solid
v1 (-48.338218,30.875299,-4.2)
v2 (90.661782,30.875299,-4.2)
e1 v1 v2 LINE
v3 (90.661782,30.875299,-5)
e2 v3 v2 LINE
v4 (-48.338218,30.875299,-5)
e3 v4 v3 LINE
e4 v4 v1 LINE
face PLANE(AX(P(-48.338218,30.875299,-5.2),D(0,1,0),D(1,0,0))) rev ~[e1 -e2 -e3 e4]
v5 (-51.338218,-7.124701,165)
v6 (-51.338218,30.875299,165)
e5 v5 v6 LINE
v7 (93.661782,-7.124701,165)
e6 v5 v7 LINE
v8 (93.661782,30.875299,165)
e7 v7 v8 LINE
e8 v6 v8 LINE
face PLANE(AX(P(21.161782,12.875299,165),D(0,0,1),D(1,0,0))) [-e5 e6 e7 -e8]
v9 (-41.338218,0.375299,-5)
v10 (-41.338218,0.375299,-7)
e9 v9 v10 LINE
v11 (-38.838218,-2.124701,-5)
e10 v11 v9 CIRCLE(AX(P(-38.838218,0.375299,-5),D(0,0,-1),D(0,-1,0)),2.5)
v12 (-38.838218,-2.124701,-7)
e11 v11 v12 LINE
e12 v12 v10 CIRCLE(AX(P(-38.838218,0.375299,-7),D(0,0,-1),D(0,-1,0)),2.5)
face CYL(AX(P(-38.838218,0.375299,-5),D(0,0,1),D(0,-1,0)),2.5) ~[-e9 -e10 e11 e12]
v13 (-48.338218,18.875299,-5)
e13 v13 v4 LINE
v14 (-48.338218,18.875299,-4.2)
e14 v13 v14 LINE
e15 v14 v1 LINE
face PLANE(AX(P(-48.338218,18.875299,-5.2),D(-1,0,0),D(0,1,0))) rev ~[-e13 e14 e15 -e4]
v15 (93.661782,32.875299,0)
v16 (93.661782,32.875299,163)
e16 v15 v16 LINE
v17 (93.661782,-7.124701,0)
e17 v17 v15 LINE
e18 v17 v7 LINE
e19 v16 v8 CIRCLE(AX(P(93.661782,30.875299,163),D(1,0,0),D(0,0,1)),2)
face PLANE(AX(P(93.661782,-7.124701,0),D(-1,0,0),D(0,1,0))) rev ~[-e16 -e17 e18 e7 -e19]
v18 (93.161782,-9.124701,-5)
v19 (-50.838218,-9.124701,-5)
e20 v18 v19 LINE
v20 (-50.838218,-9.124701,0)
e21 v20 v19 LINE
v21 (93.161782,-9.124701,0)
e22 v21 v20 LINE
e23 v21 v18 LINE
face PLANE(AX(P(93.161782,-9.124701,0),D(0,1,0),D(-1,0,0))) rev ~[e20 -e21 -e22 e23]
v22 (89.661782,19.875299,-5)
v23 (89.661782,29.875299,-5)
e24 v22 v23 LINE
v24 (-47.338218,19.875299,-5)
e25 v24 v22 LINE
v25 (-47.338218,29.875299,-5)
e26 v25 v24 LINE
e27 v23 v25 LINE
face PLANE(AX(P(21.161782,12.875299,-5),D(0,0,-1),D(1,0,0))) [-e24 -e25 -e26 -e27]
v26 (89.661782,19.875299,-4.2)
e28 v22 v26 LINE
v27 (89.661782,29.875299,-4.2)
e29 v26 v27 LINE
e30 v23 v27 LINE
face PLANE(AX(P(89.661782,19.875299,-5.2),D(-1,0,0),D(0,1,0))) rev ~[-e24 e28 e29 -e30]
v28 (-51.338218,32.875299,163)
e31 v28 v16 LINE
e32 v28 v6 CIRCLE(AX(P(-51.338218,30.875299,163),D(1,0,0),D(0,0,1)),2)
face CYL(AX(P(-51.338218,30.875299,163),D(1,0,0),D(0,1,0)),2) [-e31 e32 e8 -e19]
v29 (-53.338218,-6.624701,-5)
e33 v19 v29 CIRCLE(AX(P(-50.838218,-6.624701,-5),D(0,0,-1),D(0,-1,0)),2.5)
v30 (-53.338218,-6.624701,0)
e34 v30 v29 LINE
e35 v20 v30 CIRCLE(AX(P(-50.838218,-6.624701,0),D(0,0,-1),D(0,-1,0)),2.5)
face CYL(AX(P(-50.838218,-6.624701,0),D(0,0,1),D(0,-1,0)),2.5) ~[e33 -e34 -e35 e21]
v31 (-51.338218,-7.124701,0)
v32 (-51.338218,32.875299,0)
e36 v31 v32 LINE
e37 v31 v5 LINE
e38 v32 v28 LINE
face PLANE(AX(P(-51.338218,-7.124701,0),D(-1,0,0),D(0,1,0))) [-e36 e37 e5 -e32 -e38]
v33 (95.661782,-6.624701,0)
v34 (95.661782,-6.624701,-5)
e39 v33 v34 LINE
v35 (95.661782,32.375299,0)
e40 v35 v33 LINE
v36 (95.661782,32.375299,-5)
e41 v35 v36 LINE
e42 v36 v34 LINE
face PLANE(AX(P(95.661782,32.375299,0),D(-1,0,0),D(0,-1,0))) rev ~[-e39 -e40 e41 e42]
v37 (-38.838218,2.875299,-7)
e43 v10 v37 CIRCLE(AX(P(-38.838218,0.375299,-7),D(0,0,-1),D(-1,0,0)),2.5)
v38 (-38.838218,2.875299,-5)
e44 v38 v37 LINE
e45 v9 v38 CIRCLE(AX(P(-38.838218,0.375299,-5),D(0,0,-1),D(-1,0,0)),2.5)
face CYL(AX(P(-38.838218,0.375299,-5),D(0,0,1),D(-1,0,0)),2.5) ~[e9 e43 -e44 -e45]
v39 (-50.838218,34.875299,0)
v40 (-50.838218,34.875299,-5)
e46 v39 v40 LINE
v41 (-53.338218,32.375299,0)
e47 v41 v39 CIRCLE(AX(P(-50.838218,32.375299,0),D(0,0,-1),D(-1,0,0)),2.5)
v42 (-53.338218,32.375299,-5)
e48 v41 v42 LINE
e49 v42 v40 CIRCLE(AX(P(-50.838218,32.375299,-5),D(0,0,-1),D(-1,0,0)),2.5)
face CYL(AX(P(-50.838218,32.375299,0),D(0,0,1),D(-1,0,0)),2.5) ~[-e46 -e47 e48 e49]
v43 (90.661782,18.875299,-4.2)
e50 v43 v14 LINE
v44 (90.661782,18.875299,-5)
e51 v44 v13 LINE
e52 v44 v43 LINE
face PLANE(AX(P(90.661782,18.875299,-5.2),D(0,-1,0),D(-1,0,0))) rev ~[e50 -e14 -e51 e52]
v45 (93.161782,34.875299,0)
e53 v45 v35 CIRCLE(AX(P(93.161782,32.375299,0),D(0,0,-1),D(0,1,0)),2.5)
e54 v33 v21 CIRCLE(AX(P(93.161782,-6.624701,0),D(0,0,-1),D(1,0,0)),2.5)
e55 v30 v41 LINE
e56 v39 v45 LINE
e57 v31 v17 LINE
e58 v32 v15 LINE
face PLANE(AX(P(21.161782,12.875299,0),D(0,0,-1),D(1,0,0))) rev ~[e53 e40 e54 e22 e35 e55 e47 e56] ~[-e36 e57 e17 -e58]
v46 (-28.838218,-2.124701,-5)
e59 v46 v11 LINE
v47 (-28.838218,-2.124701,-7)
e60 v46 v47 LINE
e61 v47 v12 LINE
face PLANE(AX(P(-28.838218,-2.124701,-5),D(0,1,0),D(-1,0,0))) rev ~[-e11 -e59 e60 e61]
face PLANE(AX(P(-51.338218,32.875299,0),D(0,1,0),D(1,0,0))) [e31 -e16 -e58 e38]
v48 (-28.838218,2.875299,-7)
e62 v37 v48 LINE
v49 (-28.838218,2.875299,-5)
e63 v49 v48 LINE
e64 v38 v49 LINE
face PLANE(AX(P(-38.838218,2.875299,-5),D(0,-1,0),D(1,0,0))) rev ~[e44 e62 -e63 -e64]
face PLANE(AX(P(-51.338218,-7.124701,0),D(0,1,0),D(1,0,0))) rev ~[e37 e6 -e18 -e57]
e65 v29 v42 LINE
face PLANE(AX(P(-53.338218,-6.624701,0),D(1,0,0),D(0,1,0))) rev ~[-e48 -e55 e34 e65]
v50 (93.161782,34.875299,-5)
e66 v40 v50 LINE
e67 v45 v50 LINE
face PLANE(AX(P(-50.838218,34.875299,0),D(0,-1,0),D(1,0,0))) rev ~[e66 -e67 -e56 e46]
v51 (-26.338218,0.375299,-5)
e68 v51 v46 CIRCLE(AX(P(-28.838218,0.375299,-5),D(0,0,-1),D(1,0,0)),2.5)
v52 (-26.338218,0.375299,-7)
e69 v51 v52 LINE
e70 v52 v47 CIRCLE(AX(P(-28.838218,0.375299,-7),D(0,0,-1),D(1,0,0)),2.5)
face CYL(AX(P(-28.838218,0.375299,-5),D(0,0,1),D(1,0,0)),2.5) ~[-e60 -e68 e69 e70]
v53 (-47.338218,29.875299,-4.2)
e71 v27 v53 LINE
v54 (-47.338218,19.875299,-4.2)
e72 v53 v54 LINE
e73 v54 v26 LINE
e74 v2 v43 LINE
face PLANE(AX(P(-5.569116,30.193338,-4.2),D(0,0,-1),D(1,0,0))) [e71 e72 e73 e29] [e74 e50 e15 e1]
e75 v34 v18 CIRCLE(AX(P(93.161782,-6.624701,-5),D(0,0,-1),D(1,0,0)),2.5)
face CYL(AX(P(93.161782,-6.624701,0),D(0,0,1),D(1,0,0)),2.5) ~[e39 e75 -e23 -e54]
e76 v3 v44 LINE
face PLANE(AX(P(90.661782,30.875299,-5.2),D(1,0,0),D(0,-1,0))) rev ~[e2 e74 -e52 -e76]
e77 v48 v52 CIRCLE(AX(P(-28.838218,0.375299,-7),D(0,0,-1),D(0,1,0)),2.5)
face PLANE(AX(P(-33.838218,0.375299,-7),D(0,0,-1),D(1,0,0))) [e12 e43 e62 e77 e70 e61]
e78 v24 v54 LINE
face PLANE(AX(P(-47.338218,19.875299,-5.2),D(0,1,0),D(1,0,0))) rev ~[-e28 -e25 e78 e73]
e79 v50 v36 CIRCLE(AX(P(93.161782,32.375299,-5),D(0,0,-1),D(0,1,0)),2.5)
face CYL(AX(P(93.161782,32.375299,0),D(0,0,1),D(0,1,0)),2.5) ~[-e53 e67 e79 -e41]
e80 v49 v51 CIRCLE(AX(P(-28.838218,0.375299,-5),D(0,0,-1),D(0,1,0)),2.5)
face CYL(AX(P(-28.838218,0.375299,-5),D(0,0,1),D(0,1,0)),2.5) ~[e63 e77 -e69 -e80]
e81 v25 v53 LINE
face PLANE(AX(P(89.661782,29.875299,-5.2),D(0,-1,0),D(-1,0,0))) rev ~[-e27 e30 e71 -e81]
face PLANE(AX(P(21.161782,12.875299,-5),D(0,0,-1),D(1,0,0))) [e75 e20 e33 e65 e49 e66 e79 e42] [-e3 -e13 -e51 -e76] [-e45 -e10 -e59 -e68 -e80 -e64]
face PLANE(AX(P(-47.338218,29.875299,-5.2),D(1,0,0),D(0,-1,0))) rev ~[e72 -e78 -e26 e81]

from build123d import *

# Parameters (mm, degrees)
F0_W     = 145
F0_H     = 40
F1_DEPTH = 165
F2_R     = 2
F4_DEPTH = 5
F6_DEPTH = 0.2
F7_DEPTH = 1
F9_DEPTH = 2


with BuildPart() as f1:
    # F0 (on Top) → F1 (new body)
    with BuildSketch(Plane.XY):
        with Locations((21.1617818475, 12.8752994537)):
            Rectangle(F0_W, F0_H)
    extrude(amount=F1_DEPTH)

    # F2
    f2_edges = [f1.edges().sort_by_distance(p)[0] for p in [
        (21.161782, 32.875299, 165),
    ]]
    fillet(f2_edges, radius=F2_R)

    # F3 (on face) → F4 (join)
    with BuildSketch(Plane(origin=(0, 0, 0), x_dir=(1, 0, 0), z_dir=(0, 0, -1))):
        with BuildLine():
            Line((-53.3382181525, 6.6247005463), (-53.3382181525, -12.8752994537))
            Line((-53.3382181525, -12.8752994537), (-53.3382181525, -32.3752994537))
            ThreePointArc((-53.3382181525, -32.3752994537), (-52.6059851055, -34.1430664067), (-50.8382181525, -34.8752994537))
            Line((-50.8382181525, -34.8752994537), (45.6353314221, -34.8752994537))
            Line((45.6353314221, -34.8752994537), (93.1617818475, -34.8752994537))
            ThreePointArc((93.1617818475, -34.8752994537), (94.9295488004, -34.1430664067), (95.6617818475, -32.3752994537))
            Line((95.6617818475, -32.3752994537), (95.6617818475, -12.8752994537))
            Line((95.6617818475, -12.8752994537), (95.6617818475, 6.6247005463))
            ThreePointArc((95.6617818475, 6.6247005463), (94.9295488004, 8.3924674992), (93.1617818475, 9.1247005463))
            Line((93.1617818475, 9.1247005463), (22.451678291, 9.1247005463))
            Line((22.451678291, 9.1247005463), (-50.8382181525, 9.1247005463))
            ThreePointArc((-50.8382181525, 9.1247005463), (-52.6059851055, 8.3924674992), (-53.3382181525, 6.6247005463))
        make_face()
    extrude(amount=F4_DEPTH)

    # F5 (on face) → F6 (join)
    with BuildSketch(Plane(origin=(0, 0, -5), x_dir=(1, 0, 0), z_dir=(0, 0, -1))):
        Polygon((-48.3382181525, -30.8752994537), (29.9128331244, -30.8752994537), (41.8360643089, -30.8752994537), (41.8360643089, -29.8752994537), (-47.3382181525, -29.8752994537), (-47.3382181525, -24.8752994537), (-48.3382181525, -24.8752994537), align=None)
        Polygon((41.8360643089, -29.8752994537), (41.8360643089, -30.8752994537), (90.6617818475, -30.8752994537), (90.6617818475, -27.4621471763), (90.6617818475, -24.8752994537), (89.6617818475, -24.8752994537), (89.6617818475, -29.8752994537), align=None)
        Polygon((-48.3382181525, -20.8752994537), (-48.3382181525, -24.8752994537), (-47.3382181525, -24.8752994537), (-47.3382181525, -19.8752994537), (26.0328520089, -19.8752994537), (26.0328520089, -18.8752994537), (-48.3382181525, -18.8752994537), align=None)
        Polygon((89.6617818475, -24.8752994537), (90.6617818475, -24.8752994537), (90.6617818475, -18.8752994537), (26.0328520089, -18.8752994537), (26.0328520089, -19.8752994537), (89.6617818475, -19.8752994537), align=None)
    extrude(amount=F6_DEPTH)

    # F7 (cut): a face of the model
    f7_faces = [f1.faces().sort_by_distance(p)[0] for p in [
        (21.1617818475, 30.7357824297, -5.2),
    ]]
    extrude(f7_faces, amount=-F7_DEPTH, mode=Mode.SUBTRACT)

    # F8 (on face) → F9 (join)
    with BuildSketch(Plane(origin=(0, 0, -5), x_dir=(1, 0, 0), z_dir=(0, 0, -1))):
        with BuildLine():
            ThreePointArc((-41.3382181525, -0.3752994537), (-40.6059851055, -2.1430664067), (-38.8382181525, -2.8752994537))
            Line((-38.8382181525, -2.8752994537), (-28.8382181525, -2.8752994537))
            ThreePointArc((-28.8382181525, -2.8752994537), (-27.0704511996, -2.1430664067), (-26.3382181525, -0.3752994537))
            ThreePointArc((-26.3382181525, -0.3752994537), (-27.0704511996, 1.3924674992), (-28.8382181525, 2.1247005463))
            Line((-28.8382181525, 2.1247005463), (-38.8382181525, 2.1247005463))
            ThreePointArc((-38.8382181525, 2.1247005463), (-40.6059851055, 1.3924674992), (-41.3382181525, -0.3752994537))
        make_face()
    extrude(amount=F9_DEPTH)


solid = f1.part
